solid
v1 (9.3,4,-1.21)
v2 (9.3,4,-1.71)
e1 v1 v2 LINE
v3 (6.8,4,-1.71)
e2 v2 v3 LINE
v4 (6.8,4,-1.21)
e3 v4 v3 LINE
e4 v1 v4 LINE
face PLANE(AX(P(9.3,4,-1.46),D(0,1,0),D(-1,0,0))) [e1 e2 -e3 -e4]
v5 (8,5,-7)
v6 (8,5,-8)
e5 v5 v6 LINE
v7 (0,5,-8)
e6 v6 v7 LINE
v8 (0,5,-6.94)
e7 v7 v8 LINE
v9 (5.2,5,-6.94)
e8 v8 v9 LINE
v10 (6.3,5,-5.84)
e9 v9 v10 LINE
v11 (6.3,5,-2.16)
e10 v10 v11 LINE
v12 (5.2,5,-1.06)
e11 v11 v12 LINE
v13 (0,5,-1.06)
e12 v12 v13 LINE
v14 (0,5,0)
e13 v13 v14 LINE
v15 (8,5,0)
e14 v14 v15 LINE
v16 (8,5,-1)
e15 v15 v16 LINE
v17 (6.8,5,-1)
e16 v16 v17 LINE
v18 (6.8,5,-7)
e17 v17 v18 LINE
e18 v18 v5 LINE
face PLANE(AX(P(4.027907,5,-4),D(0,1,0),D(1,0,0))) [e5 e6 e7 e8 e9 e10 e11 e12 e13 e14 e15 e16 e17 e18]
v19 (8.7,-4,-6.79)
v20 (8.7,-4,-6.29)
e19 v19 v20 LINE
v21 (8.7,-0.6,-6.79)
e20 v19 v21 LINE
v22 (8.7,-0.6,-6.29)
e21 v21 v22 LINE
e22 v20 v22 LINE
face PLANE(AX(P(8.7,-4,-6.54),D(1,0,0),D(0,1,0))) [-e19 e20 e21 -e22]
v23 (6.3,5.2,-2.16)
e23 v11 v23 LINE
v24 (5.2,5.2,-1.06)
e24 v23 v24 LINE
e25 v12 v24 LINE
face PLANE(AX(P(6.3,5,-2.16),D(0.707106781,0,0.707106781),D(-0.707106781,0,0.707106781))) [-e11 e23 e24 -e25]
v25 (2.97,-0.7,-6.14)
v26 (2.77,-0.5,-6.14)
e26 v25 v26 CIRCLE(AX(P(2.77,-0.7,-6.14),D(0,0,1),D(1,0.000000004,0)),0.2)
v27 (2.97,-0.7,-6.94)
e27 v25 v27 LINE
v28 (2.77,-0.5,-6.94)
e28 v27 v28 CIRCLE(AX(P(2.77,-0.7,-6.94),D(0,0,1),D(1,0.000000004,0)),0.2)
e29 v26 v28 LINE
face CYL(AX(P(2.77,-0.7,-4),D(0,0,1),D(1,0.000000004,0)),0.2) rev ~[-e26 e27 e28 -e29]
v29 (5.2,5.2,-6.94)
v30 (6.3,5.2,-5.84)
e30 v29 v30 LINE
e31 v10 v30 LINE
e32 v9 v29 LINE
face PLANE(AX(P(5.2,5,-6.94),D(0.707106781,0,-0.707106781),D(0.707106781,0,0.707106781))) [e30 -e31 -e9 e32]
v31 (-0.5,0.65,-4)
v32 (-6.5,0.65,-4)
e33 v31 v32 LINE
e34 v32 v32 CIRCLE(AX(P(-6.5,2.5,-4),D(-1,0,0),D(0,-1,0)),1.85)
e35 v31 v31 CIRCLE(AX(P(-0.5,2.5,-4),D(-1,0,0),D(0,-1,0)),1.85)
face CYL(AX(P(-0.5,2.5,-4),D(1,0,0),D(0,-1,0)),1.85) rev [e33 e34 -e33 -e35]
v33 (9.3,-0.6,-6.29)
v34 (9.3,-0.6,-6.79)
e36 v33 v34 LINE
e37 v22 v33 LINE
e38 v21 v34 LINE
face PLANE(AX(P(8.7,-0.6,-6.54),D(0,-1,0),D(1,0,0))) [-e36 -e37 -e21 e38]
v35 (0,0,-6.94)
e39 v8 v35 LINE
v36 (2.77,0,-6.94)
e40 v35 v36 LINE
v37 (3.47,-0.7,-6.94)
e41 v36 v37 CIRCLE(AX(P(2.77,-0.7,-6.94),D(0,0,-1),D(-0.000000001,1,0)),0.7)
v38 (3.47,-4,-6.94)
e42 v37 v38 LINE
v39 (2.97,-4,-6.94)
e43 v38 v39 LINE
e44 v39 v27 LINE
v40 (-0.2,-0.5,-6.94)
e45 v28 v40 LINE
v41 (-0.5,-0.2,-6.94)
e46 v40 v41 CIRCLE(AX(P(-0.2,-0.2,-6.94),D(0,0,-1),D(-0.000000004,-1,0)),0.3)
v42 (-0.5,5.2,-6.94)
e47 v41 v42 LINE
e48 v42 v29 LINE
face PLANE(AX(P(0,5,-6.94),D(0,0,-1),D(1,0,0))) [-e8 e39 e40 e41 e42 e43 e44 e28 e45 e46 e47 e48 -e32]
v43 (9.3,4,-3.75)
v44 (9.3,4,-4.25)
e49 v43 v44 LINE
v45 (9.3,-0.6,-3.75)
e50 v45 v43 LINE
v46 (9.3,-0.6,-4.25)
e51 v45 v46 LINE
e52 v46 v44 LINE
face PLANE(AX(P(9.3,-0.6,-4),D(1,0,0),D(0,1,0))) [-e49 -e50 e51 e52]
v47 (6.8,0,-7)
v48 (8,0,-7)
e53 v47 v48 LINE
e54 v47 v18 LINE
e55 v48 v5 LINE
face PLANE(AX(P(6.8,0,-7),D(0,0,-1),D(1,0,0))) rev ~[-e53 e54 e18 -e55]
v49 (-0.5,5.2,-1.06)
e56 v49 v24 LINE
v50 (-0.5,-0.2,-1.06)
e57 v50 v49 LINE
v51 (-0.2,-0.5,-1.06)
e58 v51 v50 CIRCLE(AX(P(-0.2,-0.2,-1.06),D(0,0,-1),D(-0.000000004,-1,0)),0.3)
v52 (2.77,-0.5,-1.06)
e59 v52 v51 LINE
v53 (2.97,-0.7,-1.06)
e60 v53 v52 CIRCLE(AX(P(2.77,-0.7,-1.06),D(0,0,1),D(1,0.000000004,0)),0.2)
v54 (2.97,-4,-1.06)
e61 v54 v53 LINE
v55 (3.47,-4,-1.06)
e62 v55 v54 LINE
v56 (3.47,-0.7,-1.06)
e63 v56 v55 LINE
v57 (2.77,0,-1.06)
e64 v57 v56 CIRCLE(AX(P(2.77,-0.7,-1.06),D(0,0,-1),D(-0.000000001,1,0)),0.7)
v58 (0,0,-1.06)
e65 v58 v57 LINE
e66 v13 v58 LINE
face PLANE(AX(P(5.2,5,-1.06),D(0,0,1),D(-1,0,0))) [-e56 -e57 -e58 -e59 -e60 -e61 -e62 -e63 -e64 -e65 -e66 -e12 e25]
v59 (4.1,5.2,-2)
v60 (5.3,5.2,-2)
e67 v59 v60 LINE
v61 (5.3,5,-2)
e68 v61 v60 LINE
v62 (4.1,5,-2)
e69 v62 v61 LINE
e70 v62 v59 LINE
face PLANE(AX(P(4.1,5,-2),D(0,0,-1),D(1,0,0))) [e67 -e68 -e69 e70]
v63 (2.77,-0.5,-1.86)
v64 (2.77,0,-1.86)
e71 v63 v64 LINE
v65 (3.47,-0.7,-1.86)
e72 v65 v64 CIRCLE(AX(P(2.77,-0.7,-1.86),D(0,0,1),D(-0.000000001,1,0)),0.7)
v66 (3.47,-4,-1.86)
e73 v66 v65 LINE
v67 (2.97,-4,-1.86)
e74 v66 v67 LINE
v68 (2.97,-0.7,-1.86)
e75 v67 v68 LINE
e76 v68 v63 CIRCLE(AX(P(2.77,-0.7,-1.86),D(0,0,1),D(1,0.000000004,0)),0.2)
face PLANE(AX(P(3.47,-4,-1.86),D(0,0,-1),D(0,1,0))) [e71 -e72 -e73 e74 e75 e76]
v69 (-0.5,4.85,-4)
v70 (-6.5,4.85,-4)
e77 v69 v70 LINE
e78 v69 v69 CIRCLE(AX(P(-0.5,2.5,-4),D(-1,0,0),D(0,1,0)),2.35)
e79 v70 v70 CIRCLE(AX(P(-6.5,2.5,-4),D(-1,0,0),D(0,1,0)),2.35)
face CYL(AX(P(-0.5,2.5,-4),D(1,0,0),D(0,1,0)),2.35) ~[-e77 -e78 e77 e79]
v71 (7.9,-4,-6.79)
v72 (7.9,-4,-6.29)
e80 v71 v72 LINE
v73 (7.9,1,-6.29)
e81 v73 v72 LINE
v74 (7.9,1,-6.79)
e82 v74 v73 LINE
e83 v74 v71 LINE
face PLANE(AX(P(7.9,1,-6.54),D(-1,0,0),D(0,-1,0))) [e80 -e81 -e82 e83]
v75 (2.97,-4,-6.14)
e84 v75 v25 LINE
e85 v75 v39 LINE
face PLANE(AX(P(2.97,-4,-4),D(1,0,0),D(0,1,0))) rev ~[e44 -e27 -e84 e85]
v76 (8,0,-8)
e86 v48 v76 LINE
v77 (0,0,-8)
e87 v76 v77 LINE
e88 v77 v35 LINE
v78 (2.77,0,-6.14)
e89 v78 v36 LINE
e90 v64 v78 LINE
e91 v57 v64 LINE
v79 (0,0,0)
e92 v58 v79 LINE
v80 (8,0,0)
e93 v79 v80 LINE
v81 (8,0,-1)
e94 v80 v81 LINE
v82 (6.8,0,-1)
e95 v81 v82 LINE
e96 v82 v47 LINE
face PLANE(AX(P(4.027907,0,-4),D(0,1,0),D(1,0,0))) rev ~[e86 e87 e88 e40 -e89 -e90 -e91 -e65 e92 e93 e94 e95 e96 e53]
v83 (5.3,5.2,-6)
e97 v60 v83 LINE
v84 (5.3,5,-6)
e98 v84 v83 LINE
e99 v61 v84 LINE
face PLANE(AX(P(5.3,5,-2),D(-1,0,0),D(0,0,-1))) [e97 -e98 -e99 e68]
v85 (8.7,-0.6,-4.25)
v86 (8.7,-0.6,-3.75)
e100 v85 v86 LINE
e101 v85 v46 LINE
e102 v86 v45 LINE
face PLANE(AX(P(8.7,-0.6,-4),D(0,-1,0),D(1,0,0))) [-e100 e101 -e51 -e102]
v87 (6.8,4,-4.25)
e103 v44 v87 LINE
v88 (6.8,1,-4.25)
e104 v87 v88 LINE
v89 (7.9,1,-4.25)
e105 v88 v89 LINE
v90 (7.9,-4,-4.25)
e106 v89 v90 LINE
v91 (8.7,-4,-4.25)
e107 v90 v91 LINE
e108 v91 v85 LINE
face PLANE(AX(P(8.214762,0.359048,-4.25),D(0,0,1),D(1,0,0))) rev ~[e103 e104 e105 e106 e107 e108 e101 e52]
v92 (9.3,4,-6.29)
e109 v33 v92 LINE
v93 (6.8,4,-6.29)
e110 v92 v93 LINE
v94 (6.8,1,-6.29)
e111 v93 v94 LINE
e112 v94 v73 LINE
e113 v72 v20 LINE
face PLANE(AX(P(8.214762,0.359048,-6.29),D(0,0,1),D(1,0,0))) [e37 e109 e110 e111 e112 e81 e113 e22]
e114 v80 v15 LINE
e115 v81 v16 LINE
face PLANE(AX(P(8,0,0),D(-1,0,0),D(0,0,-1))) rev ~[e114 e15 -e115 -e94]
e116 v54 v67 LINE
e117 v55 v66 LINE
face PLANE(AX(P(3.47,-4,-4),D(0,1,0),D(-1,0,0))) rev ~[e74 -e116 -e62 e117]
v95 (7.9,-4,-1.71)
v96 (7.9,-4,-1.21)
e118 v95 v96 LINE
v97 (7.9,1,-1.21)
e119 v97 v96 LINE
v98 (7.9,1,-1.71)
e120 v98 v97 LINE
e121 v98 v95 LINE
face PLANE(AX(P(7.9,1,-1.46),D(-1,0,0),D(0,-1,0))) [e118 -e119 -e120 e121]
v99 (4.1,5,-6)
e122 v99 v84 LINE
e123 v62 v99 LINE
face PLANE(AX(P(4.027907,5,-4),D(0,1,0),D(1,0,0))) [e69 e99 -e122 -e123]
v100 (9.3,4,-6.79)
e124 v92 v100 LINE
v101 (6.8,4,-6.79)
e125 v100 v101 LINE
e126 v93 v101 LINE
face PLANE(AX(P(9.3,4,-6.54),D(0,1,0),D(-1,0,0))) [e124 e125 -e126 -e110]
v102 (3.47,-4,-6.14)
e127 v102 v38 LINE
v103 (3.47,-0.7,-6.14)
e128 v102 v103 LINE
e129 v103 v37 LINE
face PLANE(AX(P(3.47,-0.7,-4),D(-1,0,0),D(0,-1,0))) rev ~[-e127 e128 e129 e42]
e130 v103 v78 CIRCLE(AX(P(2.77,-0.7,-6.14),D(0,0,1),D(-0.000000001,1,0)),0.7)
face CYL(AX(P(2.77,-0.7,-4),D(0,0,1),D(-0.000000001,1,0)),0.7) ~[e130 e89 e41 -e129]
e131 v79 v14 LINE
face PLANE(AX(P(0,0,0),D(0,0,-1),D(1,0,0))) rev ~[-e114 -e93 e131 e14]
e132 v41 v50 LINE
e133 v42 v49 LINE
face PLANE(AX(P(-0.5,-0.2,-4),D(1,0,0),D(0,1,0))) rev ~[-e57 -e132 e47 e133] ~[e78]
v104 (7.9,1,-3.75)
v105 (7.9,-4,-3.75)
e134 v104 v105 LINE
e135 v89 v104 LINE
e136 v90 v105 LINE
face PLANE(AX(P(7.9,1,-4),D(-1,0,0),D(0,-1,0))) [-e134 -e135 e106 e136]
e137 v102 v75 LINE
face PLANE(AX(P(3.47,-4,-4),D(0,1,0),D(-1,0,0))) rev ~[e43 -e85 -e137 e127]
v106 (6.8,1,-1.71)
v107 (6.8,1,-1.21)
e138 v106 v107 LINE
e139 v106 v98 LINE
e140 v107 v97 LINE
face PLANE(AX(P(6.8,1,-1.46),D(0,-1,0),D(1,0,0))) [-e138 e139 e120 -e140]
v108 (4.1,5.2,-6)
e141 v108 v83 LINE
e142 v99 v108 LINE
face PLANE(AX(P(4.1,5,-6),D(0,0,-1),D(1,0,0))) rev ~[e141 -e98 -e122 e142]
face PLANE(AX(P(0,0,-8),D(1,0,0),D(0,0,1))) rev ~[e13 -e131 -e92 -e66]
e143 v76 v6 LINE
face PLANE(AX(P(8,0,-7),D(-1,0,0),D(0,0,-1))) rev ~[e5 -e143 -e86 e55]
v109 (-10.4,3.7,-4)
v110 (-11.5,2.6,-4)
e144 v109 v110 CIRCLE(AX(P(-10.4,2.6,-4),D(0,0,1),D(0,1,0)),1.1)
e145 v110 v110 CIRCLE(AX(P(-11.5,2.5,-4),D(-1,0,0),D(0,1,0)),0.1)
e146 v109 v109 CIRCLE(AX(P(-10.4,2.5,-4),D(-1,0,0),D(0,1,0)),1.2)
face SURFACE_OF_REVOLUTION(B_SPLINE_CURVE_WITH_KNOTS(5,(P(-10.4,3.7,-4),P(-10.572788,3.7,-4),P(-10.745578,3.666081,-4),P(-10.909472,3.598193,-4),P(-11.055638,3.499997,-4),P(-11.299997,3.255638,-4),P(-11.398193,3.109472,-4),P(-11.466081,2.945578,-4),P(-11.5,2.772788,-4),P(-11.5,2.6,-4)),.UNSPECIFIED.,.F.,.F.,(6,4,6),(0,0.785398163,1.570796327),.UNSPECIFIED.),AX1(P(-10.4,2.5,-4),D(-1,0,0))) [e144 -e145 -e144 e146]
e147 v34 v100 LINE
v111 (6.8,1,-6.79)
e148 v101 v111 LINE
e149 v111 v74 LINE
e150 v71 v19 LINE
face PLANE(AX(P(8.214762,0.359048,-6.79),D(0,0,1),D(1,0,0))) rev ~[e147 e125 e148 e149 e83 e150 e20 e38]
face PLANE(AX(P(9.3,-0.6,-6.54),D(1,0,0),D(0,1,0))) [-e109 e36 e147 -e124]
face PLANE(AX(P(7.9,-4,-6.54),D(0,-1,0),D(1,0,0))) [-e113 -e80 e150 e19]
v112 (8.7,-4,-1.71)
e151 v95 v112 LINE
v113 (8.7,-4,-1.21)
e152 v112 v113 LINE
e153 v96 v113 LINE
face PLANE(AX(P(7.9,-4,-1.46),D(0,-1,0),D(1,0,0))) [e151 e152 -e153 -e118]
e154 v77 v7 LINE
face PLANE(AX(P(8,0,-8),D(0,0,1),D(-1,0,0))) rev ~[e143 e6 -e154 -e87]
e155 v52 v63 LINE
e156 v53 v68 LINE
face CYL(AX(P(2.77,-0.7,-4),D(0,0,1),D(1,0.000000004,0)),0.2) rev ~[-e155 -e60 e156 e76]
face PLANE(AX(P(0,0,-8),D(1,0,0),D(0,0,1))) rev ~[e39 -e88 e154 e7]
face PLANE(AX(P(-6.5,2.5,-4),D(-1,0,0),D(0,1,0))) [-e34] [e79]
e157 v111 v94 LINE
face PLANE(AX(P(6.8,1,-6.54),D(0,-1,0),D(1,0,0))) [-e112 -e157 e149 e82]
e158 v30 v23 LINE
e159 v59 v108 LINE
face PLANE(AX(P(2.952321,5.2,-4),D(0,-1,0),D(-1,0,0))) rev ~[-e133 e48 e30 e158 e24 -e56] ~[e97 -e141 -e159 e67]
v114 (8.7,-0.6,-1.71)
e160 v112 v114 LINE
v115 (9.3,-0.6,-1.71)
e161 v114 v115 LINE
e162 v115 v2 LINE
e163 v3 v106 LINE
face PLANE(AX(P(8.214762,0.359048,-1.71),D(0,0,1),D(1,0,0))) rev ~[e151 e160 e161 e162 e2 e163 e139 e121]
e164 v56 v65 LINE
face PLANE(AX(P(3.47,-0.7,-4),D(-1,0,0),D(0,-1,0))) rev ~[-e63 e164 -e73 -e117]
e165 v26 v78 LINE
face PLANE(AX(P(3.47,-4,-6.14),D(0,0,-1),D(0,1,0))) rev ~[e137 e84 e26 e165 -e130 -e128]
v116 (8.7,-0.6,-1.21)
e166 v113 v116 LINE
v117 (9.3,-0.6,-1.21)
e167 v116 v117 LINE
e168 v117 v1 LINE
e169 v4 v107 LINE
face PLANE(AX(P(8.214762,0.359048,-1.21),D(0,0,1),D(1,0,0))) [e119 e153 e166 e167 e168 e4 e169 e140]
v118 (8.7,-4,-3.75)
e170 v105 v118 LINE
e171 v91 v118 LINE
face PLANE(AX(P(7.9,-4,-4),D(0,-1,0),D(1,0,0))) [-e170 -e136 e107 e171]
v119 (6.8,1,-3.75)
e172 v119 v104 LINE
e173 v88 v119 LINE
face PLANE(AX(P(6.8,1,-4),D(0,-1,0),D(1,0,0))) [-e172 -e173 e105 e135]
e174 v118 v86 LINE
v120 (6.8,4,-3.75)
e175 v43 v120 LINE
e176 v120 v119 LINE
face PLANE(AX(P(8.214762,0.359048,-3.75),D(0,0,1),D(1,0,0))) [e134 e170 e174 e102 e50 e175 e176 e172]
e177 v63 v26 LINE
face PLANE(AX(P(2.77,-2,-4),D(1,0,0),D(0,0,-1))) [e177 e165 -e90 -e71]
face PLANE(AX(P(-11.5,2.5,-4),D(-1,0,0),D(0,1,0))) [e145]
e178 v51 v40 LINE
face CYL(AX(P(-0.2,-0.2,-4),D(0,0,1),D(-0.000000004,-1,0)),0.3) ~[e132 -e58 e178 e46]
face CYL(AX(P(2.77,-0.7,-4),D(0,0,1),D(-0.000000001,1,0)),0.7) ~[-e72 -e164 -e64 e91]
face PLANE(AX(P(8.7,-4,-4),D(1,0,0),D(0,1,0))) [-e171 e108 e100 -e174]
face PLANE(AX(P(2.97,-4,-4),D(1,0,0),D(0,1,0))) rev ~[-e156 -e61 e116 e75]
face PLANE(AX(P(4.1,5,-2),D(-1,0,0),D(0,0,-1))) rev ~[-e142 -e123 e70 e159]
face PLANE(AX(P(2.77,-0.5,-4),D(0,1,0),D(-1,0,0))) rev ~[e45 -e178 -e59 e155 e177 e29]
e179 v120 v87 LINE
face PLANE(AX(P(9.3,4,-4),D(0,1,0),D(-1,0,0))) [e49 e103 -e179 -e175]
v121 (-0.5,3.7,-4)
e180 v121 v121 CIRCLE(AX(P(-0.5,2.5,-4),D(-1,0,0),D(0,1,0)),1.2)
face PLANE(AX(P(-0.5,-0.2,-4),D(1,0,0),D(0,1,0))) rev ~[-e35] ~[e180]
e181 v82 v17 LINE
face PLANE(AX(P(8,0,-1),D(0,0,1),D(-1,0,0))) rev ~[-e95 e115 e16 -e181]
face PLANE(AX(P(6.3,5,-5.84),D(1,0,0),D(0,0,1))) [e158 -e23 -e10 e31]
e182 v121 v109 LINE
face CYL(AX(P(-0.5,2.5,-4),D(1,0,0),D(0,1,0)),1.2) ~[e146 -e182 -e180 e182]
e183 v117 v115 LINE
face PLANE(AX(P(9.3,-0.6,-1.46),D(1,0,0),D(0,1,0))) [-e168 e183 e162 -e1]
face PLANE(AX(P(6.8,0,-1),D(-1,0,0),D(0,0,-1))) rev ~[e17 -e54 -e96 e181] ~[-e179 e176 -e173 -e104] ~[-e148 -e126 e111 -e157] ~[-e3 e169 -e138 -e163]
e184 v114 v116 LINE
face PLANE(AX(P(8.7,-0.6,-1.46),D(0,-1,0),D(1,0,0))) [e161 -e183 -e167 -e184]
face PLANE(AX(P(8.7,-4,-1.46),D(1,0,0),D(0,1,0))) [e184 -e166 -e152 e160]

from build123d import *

# Parameters (mm, degrees)
BOSS_EXTRU_1_DEPTH         = 5
BOSS_EXTRU_2_DEPTH         = 0.25
BOSS_EXTRU_3_DEPTH         = 2.94
ESQUISSE6_W                = 4.28
ESQUISSE6_H                = 4
ENL_V_MAT_EXTRU_1_DEPTH    = 0.7
ESQUISSE7_R                = 2.35
ESQUISSE7_R_2              = 1.85
BOSS_EXTRU_4_DEPTH         = 6
ESQUISSE8_R                = 1.2
BOSS_EXTRU_5_DEPTH         = 11
CONG_1_R                   = 1.1
ESQUISSE9_W                = 1.2
ESQUISSE9_H                = 4
BOSS_EXTRU_6_DEPTH         = 0.2
R_P_TITION_LIN_AIRE1_COUNT = 2
R_P_TITION_LIN_AIRE1_PITCH = 2.54
R_P_TITION_LIN_AIRE2_COUNT = 2
R_P_TITION_LIN_AIRE2_PITCH = 2.54


with BuildPart() as part:
    # Esquisse1 → Boss.-Extru.1 (new body)
    with BuildSketch(Plane(origin=(0, 0, 0), x_dir=(1, 0, 0), z_dir=(0, 1, 0))):
        Polygon((0, 0), (8, 0), (8, 1), (6.8, 1), (6.8, 7), (8, 7), (8, 8), (0, 8), align=None)
    extrude(amount=BOSS_EXTRU_1_DEPTH)

    # Esquisse4 → Boss.-Extru.2 (add, symmetric)
    with BuildSketch(Plane.XY.offset(-4)):
        Polygon((6.8, 4), (6.8, 1), (7.9, 1), (7.9, -4), (8.7, -4), (8.7, -0.6), (9.3, -0.6), (9.3, 4), align=None)
    boss_extru_2 = extrude(amount=BOSS_EXTRU_2_DEPTH, both=True)

    # Esquisse5 → Boss.-Extru.3 (add, symmetric)
    with BuildSketch(Plane.XY.offset(-4)):
        with BuildLine():
            Line((0, 5.2), (0, 0))
            Line((0, 0), (2.77, 0))
            ThreePointArc((2.77, 0), (3.264974747, -0.205025253), (3.47, -0.7))
            Line((3.47, -0.7), (3.47, -4))
            Line((3.47, -4), (2.97, -4))
            Line((2.97, -4), (2.97, -0.7))
            ThreePointArc((2.97, -0.7), (2.911421356, -0.558578644), (2.77, -0.5))
            Line((2.77, -0.5), (-0.2, -0.5))
            ThreePointArc((-0.2, -0.5), (-0.412132034, -0.412132034), (-0.5, -0.2))
            Line((-0.5, -0.2), (-0.5, 5.2))
            Line((-0.5, 5.2), (0, 5.2))
        make_face()
    extrude(amount=BOSS_EXTRU_3_DEPTH, both=True)

    # Esquisse6 → Enlèv. mat.-Extru.1 (cut)
    with BuildSketch(Plane(origin=(3.47, 0, 0), x_dir=(0, 0, -1), z_dir=(1, 0, 0))):
        with Locations((4, -2)):
            Rectangle(ESQUISSE6_W, ESQUISSE6_H)
    extrude(amount=-ENL_V_MAT_EXTRU_1_DEPTH, mode=Mode.SUBTRACT)

    # Esquisse7 → Boss.-Extru.4 (add)
    with BuildSketch(Plane.ZY.offset(0.5)):
        with Locations(Location((-4, 2.5, 0), (0, 0, 90))):
            Circle(ESQUISSE7_R)
        with Locations(Location((-4, 2.5, 0), (0, 0, 270))):
            Circle(ESQUISSE7_R_2, mode=Mode.SUBTRACT)
    extrude(amount=BOSS_EXTRU_4_DEPTH)

    # Esquisse8 → Boss.-Extru.5 (add)
    with BuildSketch(Plane.ZY.offset(0.5)):
        with Locations(Location((-4, 2.5, 0), (0, 0, 90))):
            Circle(ESQUISSE8_R)
    extrude(amount=BOSS_EXTRU_5_DEPTH)

    # Congé1
    cong_1_edges = [part.edges().sort_by_distance(p)[0] for p in [
        (-11.5, 1.3, -4),
    ]]
    fillet(cong_1_edges, radius=CONG_1_R)

    # Esquisse9 → Boss.-Extru.6 (add)
    with BuildSketch(Plane(origin=(0, 5, 0), x_dir=(1, 0, 0), z_dir=(0, 1, 0))):
        Polygon((0, 6.94), (5.2, 6.94), (6.3, 5.84), (6.3, 2.16), (5.2, 1.06), (0, 1.06), align=None)
        with Locations((4.7, 4)):
            Rectangle(ESQUISSE9_W, ESQUISSE9_H, mode=Mode.SUBTRACT)
    extrude(amount=BOSS_EXTRU_6_DEPTH)

    # Répétition linéaire1: Boss.-Extru.2 ×2
    with Locations(*[(0, 0, -i * R_P_TITION_LIN_AIRE1_PITCH) for i in range(1, R_P_TITION_LIN_AIRE1_COUNT)]):
        add(boss_extru_2)

    # Répétition linéaire2: Boss.-Extru.2 ×2
    with Locations(*[(0, 0, i * R_P_TITION_LIN_AIRE2_PITCH) for i in range(1, R_P_TITION_LIN_AIRE2_COUNT)]):
        add(boss_extru_2)


solid = part.part
